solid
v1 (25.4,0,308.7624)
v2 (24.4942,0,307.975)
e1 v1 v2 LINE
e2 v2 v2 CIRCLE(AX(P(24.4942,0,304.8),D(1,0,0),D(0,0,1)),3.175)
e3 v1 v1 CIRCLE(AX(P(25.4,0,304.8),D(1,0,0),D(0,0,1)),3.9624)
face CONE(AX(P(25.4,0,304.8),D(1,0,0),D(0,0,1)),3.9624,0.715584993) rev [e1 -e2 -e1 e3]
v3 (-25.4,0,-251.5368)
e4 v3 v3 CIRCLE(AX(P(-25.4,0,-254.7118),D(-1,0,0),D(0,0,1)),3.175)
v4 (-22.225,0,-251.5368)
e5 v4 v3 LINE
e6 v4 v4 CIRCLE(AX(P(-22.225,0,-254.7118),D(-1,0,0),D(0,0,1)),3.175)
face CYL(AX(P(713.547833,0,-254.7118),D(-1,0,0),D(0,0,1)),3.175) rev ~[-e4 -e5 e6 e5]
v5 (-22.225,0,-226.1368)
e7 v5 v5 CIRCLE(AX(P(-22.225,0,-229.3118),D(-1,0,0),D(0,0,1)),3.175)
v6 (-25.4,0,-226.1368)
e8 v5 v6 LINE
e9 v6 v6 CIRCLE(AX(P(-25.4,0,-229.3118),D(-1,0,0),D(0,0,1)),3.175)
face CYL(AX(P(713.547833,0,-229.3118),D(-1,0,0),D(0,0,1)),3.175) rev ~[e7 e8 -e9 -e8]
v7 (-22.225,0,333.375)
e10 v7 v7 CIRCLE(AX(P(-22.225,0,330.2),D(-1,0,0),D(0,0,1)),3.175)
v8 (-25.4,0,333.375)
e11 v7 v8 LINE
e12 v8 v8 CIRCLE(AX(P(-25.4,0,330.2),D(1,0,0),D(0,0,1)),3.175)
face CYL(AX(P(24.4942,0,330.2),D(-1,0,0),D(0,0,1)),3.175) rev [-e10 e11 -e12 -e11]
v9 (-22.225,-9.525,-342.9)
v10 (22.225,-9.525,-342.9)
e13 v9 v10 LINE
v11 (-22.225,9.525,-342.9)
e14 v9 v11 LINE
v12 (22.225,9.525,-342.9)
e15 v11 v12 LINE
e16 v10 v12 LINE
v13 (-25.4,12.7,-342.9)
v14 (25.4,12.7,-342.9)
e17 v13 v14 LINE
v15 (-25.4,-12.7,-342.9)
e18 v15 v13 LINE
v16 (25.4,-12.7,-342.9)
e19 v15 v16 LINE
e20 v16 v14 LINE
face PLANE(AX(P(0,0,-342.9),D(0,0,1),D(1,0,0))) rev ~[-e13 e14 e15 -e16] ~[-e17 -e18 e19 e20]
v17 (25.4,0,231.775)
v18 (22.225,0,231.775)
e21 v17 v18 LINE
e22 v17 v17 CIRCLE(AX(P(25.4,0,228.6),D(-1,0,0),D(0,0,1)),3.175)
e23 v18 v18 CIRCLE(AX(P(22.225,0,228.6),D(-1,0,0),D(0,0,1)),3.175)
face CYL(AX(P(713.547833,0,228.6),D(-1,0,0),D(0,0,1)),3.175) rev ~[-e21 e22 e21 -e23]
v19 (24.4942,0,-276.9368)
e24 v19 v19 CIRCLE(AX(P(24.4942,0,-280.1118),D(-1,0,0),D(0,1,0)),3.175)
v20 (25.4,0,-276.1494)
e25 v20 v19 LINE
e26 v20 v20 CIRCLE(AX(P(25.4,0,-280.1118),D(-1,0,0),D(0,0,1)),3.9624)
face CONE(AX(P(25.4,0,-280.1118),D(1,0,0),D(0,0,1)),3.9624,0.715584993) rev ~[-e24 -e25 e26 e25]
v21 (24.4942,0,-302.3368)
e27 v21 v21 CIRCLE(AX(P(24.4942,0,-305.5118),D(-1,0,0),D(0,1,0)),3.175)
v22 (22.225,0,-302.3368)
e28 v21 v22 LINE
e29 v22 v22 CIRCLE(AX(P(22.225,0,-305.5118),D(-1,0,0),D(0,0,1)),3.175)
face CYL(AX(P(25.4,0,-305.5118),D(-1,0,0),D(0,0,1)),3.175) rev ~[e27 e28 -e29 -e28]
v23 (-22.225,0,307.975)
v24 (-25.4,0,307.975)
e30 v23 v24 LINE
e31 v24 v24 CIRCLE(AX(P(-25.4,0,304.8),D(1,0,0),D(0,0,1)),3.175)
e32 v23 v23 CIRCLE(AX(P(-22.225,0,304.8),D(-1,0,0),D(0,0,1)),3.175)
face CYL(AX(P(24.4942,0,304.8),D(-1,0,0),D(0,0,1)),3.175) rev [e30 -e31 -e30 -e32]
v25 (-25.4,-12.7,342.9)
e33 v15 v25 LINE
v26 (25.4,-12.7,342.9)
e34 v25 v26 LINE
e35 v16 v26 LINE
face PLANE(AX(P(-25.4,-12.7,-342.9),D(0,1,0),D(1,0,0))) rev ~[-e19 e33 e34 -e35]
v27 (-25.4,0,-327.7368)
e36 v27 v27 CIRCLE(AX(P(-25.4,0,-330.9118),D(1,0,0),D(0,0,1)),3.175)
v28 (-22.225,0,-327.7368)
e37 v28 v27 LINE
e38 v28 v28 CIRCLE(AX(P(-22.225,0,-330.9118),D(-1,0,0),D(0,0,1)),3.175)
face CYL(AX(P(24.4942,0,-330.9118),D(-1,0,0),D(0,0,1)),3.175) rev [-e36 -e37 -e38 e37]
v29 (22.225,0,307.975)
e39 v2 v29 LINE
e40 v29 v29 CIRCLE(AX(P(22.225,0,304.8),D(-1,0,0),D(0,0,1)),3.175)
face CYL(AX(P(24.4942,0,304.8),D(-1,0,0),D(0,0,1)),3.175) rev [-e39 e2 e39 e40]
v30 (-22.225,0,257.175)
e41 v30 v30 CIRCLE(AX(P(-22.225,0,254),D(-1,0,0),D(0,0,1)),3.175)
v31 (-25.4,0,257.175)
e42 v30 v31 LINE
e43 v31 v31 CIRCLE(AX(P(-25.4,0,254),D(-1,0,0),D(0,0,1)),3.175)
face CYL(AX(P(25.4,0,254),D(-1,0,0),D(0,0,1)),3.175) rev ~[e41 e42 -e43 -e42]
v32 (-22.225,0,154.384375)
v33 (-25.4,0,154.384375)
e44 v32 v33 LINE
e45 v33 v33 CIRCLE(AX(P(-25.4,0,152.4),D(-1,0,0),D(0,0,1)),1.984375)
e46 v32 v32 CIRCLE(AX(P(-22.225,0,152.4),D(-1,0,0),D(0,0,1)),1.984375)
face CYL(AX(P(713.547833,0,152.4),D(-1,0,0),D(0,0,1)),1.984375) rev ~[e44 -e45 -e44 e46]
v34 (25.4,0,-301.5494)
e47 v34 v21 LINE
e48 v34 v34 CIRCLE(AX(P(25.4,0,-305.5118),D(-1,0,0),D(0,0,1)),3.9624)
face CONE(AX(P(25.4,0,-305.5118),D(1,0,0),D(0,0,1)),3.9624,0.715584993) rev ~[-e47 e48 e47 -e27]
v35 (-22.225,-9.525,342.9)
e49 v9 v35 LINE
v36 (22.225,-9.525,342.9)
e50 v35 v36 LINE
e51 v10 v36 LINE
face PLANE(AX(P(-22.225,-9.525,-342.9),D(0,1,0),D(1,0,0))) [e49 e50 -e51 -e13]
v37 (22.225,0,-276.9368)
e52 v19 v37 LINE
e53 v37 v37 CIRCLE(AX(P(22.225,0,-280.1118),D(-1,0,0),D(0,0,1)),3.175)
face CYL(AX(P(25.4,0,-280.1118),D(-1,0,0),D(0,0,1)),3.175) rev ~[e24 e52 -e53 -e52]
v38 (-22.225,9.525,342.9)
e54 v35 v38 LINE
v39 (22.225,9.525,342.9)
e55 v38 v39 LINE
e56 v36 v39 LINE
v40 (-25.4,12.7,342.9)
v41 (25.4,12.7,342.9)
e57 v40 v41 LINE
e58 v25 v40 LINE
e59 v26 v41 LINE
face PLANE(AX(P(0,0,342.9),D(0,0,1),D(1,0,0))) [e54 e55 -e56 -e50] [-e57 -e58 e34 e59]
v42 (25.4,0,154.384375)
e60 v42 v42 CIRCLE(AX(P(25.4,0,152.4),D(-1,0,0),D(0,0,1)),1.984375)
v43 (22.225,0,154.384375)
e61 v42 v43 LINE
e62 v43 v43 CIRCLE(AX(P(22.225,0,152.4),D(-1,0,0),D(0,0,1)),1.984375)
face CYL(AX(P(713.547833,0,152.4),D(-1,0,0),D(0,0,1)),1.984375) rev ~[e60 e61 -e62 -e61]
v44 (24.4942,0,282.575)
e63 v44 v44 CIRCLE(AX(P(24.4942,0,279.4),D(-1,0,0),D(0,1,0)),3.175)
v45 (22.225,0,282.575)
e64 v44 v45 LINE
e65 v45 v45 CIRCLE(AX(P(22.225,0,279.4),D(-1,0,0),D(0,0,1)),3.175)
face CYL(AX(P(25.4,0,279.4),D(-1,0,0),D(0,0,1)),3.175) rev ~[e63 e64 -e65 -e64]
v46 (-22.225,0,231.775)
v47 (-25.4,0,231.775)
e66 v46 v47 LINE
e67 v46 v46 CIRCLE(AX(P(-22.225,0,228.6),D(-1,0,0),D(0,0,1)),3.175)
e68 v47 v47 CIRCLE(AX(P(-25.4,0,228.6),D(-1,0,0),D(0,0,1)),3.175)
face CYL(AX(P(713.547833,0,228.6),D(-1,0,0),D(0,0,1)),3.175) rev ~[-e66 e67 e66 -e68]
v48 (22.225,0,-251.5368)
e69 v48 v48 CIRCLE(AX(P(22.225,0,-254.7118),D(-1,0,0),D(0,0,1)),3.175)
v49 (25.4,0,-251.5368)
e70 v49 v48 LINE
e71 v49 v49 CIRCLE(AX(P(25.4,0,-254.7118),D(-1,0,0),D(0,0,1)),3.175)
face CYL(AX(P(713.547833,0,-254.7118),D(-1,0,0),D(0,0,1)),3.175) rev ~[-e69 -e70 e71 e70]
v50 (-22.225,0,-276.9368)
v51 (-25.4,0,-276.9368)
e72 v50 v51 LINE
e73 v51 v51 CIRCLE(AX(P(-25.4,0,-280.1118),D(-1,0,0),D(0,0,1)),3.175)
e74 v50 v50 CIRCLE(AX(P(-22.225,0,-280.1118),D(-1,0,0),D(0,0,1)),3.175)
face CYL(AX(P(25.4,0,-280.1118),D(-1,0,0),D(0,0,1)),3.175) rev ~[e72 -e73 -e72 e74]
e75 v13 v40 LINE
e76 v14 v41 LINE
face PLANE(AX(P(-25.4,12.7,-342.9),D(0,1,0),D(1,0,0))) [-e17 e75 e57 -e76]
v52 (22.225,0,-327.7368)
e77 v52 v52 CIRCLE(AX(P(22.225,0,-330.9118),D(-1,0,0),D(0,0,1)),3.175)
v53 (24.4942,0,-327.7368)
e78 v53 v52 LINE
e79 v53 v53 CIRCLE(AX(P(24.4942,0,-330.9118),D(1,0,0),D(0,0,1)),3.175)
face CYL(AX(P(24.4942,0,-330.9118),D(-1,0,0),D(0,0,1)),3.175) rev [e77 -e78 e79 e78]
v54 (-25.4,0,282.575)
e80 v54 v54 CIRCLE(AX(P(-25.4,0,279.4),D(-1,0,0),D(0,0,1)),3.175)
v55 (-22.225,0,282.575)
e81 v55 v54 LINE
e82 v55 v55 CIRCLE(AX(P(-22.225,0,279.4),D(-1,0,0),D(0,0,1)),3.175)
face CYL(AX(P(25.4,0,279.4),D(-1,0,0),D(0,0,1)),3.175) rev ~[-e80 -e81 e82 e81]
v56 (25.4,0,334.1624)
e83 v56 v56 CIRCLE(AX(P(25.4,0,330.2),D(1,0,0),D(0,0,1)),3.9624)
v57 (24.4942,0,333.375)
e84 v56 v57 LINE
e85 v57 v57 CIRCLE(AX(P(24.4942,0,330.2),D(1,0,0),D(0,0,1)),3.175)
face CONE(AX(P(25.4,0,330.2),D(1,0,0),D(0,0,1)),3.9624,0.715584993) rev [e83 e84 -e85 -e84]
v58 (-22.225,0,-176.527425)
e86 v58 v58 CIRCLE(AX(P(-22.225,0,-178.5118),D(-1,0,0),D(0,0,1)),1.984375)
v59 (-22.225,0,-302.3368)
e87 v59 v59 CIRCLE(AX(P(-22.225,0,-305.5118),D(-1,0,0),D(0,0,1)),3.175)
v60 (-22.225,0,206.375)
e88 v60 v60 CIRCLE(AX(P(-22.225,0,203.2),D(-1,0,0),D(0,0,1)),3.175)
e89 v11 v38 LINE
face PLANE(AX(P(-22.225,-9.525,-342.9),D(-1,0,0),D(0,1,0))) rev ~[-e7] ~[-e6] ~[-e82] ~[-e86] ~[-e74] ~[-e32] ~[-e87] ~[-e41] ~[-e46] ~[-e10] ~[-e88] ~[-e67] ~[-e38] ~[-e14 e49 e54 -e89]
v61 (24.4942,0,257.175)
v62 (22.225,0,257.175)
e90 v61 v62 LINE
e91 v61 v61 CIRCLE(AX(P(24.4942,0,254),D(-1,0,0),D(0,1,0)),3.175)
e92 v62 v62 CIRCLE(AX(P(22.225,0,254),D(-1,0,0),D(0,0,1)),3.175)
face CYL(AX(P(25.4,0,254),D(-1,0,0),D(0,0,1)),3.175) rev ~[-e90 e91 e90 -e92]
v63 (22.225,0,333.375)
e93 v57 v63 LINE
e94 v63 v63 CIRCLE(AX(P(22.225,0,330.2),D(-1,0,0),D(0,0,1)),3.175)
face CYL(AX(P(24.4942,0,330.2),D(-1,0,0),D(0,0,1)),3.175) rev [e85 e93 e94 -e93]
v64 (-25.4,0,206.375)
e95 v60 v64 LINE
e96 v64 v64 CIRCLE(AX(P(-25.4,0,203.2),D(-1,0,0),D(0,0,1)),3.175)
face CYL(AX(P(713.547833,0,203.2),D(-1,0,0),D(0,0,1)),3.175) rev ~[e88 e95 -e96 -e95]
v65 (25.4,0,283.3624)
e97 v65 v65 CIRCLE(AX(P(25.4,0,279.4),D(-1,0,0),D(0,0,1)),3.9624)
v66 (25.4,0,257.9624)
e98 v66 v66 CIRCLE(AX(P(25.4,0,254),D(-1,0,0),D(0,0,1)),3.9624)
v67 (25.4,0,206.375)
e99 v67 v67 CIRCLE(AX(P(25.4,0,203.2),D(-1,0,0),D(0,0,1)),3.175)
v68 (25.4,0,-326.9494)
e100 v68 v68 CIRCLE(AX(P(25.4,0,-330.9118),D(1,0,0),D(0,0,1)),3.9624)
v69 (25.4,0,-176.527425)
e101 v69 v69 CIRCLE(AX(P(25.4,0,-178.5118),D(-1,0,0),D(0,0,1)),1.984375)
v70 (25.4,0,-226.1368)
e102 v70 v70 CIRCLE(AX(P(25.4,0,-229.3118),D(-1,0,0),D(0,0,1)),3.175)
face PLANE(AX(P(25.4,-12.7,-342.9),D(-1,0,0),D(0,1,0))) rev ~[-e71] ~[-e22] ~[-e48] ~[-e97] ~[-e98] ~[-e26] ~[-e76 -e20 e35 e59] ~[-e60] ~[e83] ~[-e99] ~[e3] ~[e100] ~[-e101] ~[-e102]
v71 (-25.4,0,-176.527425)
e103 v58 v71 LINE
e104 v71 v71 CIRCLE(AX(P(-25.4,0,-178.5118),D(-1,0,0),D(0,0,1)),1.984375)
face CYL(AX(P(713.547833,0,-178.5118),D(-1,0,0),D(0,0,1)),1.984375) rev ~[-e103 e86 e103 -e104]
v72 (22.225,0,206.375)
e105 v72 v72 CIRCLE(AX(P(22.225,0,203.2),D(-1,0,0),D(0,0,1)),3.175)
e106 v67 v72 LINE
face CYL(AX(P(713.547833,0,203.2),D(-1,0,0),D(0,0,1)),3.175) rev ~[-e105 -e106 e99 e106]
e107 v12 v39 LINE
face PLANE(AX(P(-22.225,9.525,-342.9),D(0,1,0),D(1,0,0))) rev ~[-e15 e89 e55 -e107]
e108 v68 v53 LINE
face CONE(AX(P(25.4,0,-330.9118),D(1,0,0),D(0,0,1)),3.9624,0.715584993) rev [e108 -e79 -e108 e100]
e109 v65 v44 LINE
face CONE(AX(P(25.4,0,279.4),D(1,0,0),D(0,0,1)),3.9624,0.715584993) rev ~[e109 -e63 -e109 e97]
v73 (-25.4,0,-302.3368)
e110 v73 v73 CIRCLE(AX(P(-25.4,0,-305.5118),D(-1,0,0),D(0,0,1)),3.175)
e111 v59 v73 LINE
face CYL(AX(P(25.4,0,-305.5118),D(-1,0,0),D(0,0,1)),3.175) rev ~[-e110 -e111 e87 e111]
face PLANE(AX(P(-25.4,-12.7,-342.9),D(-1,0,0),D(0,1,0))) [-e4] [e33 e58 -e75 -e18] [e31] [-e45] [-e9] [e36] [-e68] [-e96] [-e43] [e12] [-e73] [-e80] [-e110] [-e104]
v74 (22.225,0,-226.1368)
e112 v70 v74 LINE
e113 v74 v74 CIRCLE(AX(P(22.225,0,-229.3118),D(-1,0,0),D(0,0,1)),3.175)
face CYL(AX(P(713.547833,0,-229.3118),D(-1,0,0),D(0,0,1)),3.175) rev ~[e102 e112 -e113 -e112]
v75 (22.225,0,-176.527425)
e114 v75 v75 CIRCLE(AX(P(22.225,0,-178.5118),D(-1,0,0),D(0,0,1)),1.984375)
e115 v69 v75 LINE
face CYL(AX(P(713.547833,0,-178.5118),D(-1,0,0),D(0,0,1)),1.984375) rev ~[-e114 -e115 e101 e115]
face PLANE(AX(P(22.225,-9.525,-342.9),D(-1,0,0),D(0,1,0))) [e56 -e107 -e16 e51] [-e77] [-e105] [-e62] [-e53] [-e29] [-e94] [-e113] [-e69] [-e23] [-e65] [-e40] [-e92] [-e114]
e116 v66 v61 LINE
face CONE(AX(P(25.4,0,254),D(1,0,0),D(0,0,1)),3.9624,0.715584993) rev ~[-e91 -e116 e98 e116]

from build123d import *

# Parameters (mm, degrees)
BOSS_EXTRUDE1_DEPTH                   = 342.9
BOSS_EXTRUDE1_DEPTH_BACK              = 342.9
SKETCH3_W                             = 50.8
SKETCH3_H                             = 25.4
SKETCH3_W_2                           = 44.45
SKETCH3_H_2                           = 19.05
F_1_4_0_25_DIAMETER_HOLE4_AT_2_COUNT  = 2
F_1_4_0_25_DIAMETER_HOLE4_AT_2_PITCH  = 25.4
F_1_4_0_25_DIAMETER_HOLE5_D           = 6.35
F_1_4_0_25_DIAMETER_HOLE5_CSINK_D     = 7.9248
F_1_4_0_25_DIAMETER_HOLE5_CSINK_ANGLE = 82
F_1_4_0_25_DIAMETER_HOLE6_D           = 6.35
F_1_4_0_25_DIAMETER_HOLE7_D           = 6.35
F_1_4_0_25_DIAMETER_HOLE8_D           = 6.35
F_1_4_0_25_DIAMETER_HOLE8_CSINK_D     = 7.9248
F_1_4_0_25_DIAMETER_HOLE8_CSINK_ANGLE = 82
F_5_32_0_15625_DIAMETER_HOLE1_D       = 3.96875


with BuildPart() as part:
    # Sketch3 → Boss-Extrude1 (new, two sides: drawn at the far end of the back side and taken through both)
    with BuildSketch(Plane.XY.offset(-BOSS_EXTRUDE1_DEPTH_BACK)):
        Rectangle(SKETCH3_W, SKETCH3_H)
        Rectangle(SKETCH3_W_2, SKETCH3_H_2, mode=Mode.SUBTRACT)
    extrude(amount=BOSS_EXTRUDE1_DEPTH + BOSS_EXTRUDE1_DEPTH_BACK)

    # Sketch13 → 1/4 (0.25) Diameter Hole3 (revolve, cut)
    with BuildSketch(Plane(origin=(-25.4, 0, -330.911799988), x_dir=(0, 0, 1), z_dir=(0, 1, 0))):
        Polygon((0, 0), (0, 50.8), (3.9624, 50.8), (3.175, 49.894199916), (3.175, 0), align=None)
    revolve(axis=Axis((-31.75, 0, -330.911799988), (1, 0, 0)), mode=Mode.SUBTRACT)

    # Sketch15 → 1/4 (0.25) Diameter Hole4 (revolve, cut)
    with BuildSketch(Plane(origin=(-25.4, 0, 304.8), x_dir=(0, 0, 1), z_dir=(0, 1, 0))):
        Polygon((0, 0), (0, 50.8), (3.9624, 50.8), (3.175, 49.894199916), (3.175, 0), align=None)
    f_1_4_0_25_diameter_hole4 = revolve(axis=Axis((-31.75, 0, 304.8), (1, 0, 0)), mode=Mode.SUBTRACT)

    # 1/4 (0.25) Diameter Hole4 at 2: 1/4 (0.25) Diameter Hole4 ×2
    with Locations(*[(0, 0, i * F_1_4_0_25_DIAMETER_HOLE4_AT_2_PITCH) for i in range(1, F_1_4_0_25_DIAMETER_HOLE4_AT_2_COUNT)]):
        add(f_1_4_0_25_diameter_hole4, mode=Mode.SUBTRACT)

    # 1/4 (0.25) Diameter Hole5 (through all)
    with Locations(Plane(origin=(25.4, 0, 0), x_dir=(0, 0, -1), z_dir=(1, 0, 0))):
        with Locations((305.511799988, 0), (280.111799988, 0)):
            CounterSinkHole(F_1_4_0_25_DIAMETER_HOLE5_D / 2, F_1_4_0_25_DIAMETER_HOLE5_CSINK_D / 2, counter_sink_angle=F_1_4_0_25_DIAMETER_HOLE5_CSINK_ANGLE)

    # 1/4 (0.25) Diameter Hole6 (through all)
    with Locations(Plane(origin=(25.4, 0, 0), x_dir=(0, 0, -1), z_dir=(1, 0, 0))):
        with Locations((229.311799988, 0), (254.711799988, 0)):
            Hole(F_1_4_0_25_DIAMETER_HOLE6_D / 2)

    # 1/4 (0.25) Diameter Hole7 (through all)
    with Locations(Plane(origin=(25.4, 0, 0), x_dir=(0, 0, -1), z_dir=(1, 0, 0))):
        with Locations((-203.2, 0), (-228.6, 0)):
            Hole(F_1_4_0_25_DIAMETER_HOLE7_D / 2)

    # 1/4 (0.25) Diameter Hole8 (through all)
    with Locations(Plane(origin=(25.4, 0, 0), x_dir=(0, 0, -1), z_dir=(1, 0, 0))):
        with Locations((-279.4, 0), (-254, 0)):
            CounterSinkHole(F_1_4_0_25_DIAMETER_HOLE8_D / 2, F_1_4_0_25_DIAMETER_HOLE8_CSINK_D / 2, counter_sink_angle=F_1_4_0_25_DIAMETER_HOLE8_CSINK_ANGLE)

    # 5/32 (0.15625) Diameter Hole1 (through all)
    with Locations(Plane(origin=(25.4, 0, 0), x_dir=(0, 0, -1), z_dir=(1, 0, 0))):
        with Locations((-152.4, 0), (178.511799988, 0)):
            Hole(F_5_32_0_15625_DIAMETER_HOLE1_D / 2)


solid = part.part
